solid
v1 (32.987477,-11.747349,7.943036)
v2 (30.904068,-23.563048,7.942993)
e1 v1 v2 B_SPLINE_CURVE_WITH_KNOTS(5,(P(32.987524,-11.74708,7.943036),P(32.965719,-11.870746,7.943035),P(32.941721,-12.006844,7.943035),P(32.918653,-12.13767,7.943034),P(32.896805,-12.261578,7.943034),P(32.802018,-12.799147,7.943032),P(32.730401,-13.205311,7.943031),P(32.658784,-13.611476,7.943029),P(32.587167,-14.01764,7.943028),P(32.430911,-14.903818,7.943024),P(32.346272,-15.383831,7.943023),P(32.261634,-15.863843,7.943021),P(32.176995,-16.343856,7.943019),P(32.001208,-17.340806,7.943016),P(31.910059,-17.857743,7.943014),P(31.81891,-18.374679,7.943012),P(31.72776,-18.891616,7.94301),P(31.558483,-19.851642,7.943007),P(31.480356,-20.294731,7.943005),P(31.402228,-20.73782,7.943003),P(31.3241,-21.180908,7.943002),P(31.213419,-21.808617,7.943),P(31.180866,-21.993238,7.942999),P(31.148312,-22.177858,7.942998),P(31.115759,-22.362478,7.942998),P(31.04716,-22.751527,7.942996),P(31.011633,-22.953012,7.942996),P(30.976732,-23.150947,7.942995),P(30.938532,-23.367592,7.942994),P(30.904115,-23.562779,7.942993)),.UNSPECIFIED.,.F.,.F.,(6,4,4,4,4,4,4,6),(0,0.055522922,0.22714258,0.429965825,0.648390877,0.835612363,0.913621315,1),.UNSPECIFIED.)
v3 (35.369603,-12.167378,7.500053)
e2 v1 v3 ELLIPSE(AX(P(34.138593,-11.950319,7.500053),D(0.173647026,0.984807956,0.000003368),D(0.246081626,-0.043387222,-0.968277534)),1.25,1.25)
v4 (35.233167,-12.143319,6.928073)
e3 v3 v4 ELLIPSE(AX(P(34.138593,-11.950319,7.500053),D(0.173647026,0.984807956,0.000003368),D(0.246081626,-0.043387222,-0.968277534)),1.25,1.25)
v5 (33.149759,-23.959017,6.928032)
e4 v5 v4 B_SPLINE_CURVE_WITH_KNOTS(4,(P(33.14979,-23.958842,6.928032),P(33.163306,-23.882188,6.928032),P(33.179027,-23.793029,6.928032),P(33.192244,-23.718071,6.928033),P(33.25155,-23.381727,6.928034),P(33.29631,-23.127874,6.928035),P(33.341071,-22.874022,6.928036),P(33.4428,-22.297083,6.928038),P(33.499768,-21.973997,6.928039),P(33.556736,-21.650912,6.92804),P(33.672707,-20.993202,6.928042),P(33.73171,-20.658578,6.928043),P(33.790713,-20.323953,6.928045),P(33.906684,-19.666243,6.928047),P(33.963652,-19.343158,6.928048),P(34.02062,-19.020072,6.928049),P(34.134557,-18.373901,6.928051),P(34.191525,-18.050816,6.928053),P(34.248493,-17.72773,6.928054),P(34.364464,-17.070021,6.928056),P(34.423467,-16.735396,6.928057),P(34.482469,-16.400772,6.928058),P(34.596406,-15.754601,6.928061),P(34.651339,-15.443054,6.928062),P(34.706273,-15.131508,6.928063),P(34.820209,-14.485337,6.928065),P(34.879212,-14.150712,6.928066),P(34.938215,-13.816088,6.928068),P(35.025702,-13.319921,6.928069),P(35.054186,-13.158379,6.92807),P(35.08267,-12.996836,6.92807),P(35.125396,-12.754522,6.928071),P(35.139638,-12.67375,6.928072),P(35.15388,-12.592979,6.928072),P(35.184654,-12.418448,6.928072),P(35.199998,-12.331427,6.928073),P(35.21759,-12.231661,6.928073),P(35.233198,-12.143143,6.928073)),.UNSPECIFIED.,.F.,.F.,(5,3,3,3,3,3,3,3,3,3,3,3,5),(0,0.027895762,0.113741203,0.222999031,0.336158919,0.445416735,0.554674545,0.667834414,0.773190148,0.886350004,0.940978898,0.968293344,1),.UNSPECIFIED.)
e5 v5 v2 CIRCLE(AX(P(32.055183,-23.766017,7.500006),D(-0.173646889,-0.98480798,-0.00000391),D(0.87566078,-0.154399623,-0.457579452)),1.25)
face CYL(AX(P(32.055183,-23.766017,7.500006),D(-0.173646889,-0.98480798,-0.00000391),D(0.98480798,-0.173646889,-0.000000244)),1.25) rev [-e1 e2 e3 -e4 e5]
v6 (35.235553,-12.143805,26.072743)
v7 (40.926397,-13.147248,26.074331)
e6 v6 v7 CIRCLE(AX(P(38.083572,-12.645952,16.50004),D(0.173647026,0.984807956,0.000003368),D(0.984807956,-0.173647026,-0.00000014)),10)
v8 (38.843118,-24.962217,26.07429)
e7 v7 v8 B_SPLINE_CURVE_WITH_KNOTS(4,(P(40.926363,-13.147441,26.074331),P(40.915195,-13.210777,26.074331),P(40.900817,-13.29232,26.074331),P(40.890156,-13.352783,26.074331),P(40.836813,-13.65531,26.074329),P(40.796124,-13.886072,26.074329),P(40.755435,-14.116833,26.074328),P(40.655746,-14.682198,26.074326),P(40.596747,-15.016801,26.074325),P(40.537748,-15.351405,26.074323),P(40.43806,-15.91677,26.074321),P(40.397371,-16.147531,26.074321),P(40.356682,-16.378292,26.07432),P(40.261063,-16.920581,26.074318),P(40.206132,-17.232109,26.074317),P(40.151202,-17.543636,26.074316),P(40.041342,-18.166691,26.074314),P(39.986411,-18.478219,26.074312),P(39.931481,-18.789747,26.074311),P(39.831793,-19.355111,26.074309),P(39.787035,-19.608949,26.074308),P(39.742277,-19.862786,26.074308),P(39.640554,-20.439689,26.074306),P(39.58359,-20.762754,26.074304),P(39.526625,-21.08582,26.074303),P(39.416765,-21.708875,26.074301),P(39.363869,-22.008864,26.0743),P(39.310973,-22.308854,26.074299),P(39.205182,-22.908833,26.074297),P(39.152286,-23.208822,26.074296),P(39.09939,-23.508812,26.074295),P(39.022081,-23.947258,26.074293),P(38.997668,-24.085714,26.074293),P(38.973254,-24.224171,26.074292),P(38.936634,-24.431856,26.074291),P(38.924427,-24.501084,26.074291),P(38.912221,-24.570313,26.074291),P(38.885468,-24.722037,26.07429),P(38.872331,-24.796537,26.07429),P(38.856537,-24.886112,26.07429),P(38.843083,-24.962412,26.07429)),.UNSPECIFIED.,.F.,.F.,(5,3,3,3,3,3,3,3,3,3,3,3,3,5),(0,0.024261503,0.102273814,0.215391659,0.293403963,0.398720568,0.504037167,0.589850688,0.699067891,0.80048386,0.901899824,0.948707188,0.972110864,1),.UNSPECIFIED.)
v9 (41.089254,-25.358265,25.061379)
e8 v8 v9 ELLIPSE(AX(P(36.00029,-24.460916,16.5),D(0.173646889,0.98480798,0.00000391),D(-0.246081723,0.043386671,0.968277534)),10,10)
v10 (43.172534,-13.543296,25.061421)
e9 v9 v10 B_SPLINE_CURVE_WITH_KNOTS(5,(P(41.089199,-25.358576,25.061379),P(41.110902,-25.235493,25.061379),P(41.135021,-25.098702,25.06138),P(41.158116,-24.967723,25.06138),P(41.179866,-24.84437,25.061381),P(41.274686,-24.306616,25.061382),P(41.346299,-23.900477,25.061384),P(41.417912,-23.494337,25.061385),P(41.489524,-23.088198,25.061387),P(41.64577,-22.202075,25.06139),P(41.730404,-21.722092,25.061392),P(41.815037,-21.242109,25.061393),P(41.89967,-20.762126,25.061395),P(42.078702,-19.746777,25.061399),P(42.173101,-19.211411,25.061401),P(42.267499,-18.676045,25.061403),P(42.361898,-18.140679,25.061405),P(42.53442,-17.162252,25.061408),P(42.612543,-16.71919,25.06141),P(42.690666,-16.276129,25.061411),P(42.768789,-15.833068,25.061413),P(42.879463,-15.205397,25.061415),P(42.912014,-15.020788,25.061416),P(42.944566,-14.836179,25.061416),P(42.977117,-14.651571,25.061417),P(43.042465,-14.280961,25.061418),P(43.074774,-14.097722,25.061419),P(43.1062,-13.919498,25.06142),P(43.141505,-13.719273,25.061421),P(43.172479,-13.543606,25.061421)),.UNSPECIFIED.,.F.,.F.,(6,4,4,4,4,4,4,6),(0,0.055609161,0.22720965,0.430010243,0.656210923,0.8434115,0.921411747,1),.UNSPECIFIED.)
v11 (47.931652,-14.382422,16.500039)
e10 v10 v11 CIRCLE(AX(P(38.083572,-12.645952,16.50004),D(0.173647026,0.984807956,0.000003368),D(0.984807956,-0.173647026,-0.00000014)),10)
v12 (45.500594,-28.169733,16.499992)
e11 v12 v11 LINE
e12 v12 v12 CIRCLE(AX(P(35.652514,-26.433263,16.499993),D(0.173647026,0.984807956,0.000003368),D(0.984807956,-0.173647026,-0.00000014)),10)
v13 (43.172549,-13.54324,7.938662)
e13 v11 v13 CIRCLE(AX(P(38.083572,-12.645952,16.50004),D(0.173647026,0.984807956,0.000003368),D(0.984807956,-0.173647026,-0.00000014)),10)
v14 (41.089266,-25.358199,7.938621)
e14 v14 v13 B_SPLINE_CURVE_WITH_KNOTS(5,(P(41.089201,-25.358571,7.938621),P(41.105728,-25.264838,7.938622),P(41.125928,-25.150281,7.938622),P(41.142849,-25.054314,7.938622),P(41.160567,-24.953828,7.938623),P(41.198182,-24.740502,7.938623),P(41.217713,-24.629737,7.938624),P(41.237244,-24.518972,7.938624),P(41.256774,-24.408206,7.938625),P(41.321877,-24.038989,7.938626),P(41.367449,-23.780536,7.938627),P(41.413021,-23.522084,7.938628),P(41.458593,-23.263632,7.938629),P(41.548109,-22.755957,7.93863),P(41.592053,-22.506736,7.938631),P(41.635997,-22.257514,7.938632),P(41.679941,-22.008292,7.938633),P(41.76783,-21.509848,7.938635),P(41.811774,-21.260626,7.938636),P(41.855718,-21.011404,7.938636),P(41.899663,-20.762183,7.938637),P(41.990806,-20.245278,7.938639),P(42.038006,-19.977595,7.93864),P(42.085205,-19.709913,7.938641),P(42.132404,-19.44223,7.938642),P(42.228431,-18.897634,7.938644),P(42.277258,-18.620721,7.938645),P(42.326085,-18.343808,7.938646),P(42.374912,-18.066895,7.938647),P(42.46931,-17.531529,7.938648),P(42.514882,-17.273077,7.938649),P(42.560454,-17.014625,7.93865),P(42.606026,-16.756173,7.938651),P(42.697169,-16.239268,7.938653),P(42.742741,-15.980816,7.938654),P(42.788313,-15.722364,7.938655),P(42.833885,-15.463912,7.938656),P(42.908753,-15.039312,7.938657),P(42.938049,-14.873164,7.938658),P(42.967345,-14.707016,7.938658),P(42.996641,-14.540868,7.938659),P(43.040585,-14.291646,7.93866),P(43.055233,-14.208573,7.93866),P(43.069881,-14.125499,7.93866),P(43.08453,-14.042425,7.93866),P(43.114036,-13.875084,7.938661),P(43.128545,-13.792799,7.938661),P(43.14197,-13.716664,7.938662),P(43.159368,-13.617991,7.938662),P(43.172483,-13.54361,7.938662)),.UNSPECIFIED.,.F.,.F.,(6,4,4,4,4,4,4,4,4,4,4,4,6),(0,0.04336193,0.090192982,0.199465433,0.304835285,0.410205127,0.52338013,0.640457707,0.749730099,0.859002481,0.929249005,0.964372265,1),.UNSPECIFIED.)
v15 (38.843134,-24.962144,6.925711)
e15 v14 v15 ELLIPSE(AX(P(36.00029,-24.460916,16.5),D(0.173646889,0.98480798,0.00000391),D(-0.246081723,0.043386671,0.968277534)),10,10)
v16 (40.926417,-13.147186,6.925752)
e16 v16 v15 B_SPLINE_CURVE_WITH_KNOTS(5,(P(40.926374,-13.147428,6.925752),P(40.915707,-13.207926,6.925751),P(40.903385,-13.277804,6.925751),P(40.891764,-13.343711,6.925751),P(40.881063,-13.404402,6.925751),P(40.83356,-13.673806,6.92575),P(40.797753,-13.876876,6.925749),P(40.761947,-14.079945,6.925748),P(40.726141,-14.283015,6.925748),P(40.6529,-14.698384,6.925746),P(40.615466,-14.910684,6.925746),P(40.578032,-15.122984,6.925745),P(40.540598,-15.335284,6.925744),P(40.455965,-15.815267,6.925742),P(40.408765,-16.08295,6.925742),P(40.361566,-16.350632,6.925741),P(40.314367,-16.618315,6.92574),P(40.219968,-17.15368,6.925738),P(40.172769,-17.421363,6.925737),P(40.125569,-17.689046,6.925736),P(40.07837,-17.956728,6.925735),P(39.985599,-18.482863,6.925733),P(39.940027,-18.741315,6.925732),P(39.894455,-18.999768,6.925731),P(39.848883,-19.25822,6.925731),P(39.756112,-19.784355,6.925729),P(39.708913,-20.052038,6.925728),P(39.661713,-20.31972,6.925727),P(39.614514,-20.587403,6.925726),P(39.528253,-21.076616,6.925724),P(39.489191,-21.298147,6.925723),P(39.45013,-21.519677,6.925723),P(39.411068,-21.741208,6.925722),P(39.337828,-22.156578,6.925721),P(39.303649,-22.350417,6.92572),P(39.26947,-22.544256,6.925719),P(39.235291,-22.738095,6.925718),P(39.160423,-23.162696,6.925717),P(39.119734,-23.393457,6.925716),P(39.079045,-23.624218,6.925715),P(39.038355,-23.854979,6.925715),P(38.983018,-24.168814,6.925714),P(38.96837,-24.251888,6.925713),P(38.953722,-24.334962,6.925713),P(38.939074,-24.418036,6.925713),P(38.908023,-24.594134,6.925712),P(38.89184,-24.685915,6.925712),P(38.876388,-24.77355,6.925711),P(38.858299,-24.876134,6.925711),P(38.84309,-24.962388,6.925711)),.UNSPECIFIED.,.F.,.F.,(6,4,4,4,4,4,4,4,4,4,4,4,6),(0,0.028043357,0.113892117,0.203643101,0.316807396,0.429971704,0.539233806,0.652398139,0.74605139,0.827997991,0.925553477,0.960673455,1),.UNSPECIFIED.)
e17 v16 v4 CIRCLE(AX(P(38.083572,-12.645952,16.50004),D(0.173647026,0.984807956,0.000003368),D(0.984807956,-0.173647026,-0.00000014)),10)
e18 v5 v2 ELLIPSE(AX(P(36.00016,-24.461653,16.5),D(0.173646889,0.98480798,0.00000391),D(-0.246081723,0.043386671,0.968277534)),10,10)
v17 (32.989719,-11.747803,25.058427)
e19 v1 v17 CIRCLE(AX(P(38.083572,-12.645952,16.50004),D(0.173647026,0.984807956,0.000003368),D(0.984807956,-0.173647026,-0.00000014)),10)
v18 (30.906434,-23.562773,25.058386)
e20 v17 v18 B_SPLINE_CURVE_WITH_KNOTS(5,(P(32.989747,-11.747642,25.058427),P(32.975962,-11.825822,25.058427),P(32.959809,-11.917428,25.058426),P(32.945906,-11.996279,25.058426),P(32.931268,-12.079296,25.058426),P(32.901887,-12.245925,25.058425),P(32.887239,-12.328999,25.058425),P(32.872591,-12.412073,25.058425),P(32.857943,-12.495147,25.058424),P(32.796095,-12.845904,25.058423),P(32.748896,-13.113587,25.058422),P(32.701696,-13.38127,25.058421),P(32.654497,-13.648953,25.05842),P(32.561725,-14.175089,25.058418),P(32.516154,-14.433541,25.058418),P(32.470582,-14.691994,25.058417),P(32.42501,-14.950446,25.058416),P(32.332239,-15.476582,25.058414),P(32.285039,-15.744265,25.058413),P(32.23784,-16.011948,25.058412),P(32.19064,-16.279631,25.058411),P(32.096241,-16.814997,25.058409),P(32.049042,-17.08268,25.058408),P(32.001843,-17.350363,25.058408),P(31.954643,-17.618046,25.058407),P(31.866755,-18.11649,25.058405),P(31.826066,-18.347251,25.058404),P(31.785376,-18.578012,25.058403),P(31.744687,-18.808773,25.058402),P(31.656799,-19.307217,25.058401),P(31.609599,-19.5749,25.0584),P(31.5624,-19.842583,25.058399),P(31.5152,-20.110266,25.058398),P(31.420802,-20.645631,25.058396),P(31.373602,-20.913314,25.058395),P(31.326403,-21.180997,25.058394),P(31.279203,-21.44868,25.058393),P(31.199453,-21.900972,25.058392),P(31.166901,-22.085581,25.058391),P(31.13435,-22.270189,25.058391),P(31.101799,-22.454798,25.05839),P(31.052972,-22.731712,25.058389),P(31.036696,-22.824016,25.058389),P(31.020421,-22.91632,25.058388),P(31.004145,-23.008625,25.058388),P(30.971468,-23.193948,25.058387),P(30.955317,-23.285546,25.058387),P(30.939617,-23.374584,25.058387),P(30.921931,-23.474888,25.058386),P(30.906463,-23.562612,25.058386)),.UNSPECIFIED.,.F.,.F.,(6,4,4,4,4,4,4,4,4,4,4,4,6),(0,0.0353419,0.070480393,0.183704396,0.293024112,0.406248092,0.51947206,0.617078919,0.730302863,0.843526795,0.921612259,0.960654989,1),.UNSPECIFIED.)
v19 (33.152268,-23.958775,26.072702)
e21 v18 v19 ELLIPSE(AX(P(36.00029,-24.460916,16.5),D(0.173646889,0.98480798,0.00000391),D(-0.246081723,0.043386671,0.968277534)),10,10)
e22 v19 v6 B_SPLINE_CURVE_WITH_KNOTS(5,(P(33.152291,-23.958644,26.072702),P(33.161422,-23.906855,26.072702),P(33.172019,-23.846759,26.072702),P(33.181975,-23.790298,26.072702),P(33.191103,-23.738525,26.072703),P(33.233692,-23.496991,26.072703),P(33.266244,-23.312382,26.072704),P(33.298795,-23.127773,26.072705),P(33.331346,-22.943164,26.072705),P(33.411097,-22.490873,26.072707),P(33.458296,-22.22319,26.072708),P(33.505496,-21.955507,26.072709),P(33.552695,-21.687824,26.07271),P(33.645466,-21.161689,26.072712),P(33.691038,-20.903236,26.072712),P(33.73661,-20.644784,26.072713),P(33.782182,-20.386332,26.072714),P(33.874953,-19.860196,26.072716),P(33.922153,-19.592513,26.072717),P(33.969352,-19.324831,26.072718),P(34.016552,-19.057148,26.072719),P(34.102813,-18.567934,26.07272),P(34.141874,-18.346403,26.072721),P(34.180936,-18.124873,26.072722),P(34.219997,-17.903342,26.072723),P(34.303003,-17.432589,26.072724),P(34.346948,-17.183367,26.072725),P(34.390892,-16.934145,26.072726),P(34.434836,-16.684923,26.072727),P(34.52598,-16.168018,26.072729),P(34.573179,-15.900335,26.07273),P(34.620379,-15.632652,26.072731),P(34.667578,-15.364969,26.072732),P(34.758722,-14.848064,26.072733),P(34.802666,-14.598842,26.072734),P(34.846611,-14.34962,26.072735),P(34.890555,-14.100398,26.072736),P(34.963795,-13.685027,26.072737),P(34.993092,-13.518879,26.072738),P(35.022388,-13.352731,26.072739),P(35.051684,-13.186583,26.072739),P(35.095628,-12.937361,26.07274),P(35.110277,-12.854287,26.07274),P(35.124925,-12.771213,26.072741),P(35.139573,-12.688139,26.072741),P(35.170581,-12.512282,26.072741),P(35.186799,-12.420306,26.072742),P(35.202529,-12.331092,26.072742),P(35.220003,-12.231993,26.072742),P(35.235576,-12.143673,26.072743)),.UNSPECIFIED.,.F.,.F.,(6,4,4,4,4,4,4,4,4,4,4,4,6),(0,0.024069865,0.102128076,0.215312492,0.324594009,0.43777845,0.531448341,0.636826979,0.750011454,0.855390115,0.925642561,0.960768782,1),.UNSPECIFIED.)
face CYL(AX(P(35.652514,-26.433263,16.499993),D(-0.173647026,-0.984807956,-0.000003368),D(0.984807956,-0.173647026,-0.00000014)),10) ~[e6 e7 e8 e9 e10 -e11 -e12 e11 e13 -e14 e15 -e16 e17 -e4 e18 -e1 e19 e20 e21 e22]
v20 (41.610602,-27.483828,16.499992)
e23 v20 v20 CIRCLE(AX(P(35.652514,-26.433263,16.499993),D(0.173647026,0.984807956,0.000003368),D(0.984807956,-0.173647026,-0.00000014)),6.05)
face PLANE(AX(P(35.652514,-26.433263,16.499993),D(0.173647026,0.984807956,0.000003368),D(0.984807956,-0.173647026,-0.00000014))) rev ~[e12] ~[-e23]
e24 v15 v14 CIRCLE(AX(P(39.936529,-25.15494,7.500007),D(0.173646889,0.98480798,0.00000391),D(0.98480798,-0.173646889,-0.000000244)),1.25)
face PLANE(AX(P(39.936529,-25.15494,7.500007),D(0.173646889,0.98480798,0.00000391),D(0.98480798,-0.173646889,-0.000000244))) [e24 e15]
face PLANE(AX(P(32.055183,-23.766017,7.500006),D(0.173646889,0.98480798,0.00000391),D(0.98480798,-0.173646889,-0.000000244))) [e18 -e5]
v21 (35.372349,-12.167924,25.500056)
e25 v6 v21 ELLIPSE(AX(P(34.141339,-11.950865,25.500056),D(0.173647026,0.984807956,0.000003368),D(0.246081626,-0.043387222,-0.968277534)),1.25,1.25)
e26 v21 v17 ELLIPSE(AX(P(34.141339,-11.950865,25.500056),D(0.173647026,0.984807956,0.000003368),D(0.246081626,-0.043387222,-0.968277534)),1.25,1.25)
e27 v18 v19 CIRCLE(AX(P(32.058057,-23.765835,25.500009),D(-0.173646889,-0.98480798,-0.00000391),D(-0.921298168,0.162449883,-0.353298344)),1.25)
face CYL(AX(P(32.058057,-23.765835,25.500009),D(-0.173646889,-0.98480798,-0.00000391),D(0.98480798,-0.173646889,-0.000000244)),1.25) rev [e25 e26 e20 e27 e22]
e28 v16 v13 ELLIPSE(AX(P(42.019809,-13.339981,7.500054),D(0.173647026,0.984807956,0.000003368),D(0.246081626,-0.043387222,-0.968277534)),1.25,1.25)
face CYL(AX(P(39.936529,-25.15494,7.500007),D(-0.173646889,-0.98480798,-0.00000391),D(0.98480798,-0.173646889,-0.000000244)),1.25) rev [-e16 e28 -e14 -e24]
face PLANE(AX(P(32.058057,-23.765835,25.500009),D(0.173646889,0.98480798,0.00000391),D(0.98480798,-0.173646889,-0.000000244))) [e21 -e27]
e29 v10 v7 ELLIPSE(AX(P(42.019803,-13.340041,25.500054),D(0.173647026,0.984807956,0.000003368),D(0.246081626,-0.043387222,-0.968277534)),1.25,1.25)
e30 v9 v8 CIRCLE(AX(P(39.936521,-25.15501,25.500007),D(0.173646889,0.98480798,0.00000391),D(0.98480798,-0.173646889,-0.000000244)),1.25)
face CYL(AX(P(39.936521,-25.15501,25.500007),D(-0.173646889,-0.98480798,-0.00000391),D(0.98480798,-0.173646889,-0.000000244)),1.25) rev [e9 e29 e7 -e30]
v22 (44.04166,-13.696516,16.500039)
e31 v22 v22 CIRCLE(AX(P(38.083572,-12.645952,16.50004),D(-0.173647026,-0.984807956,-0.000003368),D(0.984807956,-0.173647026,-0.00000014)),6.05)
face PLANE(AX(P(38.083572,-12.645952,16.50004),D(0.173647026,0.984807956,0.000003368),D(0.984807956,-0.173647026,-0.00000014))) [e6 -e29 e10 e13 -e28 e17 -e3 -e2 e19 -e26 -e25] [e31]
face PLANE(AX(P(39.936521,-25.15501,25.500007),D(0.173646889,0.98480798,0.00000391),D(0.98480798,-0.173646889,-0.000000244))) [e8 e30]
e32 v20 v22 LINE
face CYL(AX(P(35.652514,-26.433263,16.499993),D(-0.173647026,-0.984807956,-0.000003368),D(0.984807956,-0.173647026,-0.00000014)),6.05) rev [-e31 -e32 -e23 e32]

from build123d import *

# Parameters (mm, degrees)
CYLINDER034_R               = 1.25
CYLINDER034_DEPTH           = 14
CYLINDER034_ROLL_ANGLE      = -89.999776
CYLINDER034_PITCH_ANGLE     = 1.4e-05
CYLINDER034_PLACEMENT_ANGLE = -9.999925
CYLINDER033_R               = 1.25
CYLINDER033_DEPTH           = 14
CYLINDER033_ROLL_ANGLE      = -89.999776
CYLINDER033_PITCH_ANGLE     = 1.4e-05
CYLINDER033_PLACEMENT_ANGLE = -9.999925
CYLINDER032_R               = 1.25
CYLINDER032_DEPTH           = 14
CYLINDER032_ROLL_ANGLE      = -89.999776
CYLINDER032_PITCH_ANGLE     = 1.4e-05
CYLINDER032_PLACEMENT_ANGLE = -9.999925
CYLINDER031_R               = 1.25
CYLINDER031_DEPTH           = 14
CYLINDER031_ROLL_ANGLE      = -89.999776
CYLINDER031_PITCH_ANGLE     = 1.4e-05
CYLINDER031_PLACEMENT_ANGLE = -9.999925
CYLINDER025_R               = 6.05
CYLINDER025_DEPTH           = 18
CYLINDER025_ROLL_ANGLE      = -89.999807
CYLINDER025_PITCH_ANGLE     = 8e-06
CYLINDER025_PLACEMENT_ANGLE = -9.999933
CYLINDER024_R               = 4.75
CYLINDER024_DEPTH           = 9
CYLINDER024_ROLL_ANGLE      = -89.999776
CYLINDER024_PITCH_ANGLE     = 1.4e-05
CYLINDER024_PLACEMENT_ANGLE = -9.999925
CYLINDER023_R               = 10
CYLINDER023_DEPTH           = 14
CYLINDER023_ROLL_ANGLE      = -89.999807
CYLINDER023_PITCH_ANGLE     = 8e-06
CYLINDER023_PLACEMENT_ANGLE = -9.999933


with BuildPart() as cylinder034:
    # Cylinder034 → Cylinder034 (new body)
    with BuildSketch(Plane.XY):
        Circle(CYLINDER034_R)
    extrude(amount=CYLINDER034_DEPTH)


with BuildPart() as cylinder034_1:
    # Cylinder034 roll: moved
    add(cylinder034.part.rotate(Axis((0, 0, 0), (1, 0, 0)), CYLINDER034_ROLL_ANGLE))


with BuildPart() as cylinder034_2:
    # Cylinder034 pitch: moved
    add(cylinder034_1.part.rotate(Axis((0, 0, 0), (0, 1, 0)), CYLINDER034_PITCH_ANGLE))


with BuildPart() as cylinder034_3:
    # Cylinder034 placement: moved
    add(cylinder034_2.part.moved(Location((39.936529, -25.15494, 7.500007))).rotate(Axis((39.936529, -25.15494, 7.500007), (0, 0, 1)), CYLINDER034_PLACEMENT_ANGLE))


with BuildPart() as cylinder033:
    # Cylinder033 → Cylinder033 (new body)
    with BuildSketch(Plane.XY):
        Circle(CYLINDER033_R)
    extrude(amount=CYLINDER033_DEPTH)


with BuildPart() as cylinder033_1:
    # Cylinder033 roll: moved
    add(cylinder033.part.rotate(Axis((0, 0, 0), (1, 0, 0)), CYLINDER033_ROLL_ANGLE))


with BuildPart() as cylinder033_2:
    # Cylinder033 pitch: moved
    add(cylinder033_1.part.rotate(Axis((0, 0, 0), (0, 1, 0)), CYLINDER033_PITCH_ANGLE))


with BuildPart() as cylinder033_3:
    # Cylinder033 placement: moved
    add(cylinder033_2.part.moved(Location((39.936521, -25.15501, 25.500007))).rotate(Axis((39.936521, -25.15501, 25.500007), (0, 0, 1)), CYLINDER033_PLACEMENT_ANGLE))


with BuildPart() as cylinder032:
    # Cylinder032 → Cylinder032 (new body)
    with BuildSketch(Plane.XY):
        Circle(CYLINDER032_R)
    extrude(amount=CYLINDER032_DEPTH)


with BuildPart() as cylinder032_1:
    # Cylinder032 roll: moved
    add(cylinder032.part.rotate(Axis((0, 0, 0), (1, 0, 0)), CYLINDER032_ROLL_ANGLE))


with BuildPart() as cylinder032_2:
    # Cylinder032 pitch: moved
    add(cylinder032_1.part.rotate(Axis((0, 0, 0), (0, 1, 0)), CYLINDER032_PITCH_ANGLE))


with BuildPart() as cylinder032_3:
    # Cylinder032 placement: moved
    add(cylinder032_2.part.moved(Location((32.058057, -23.765835, 25.500009))).rotate(Axis((32.058057, -23.765835, 25.500009), (0, 0, 1)), CYLINDER032_PLACEMENT_ANGLE))


with BuildPart() as cylinder031:
    # Cylinder031 → Cylinder031 (new body)
    with BuildSketch(Plane.XY):
        Circle(CYLINDER031_R)
    extrude(amount=CYLINDER031_DEPTH)


with BuildPart() as cylinder031_1:
    # Cylinder031 roll: moved
    add(cylinder031.part.rotate(Axis((0, 0, 0), (1, 0, 0)), CYLINDER031_ROLL_ANGLE))


with BuildPart() as cylinder031_2:
    # Cylinder031 pitch: moved
    add(cylinder031_1.part.rotate(Axis((0, 0, 0), (0, 1, 0)), CYLINDER031_PITCH_ANGLE))


with BuildPart() as cylinder031_3:
    # Cylinder031 placement: moved
    add(cylinder031_2.part.moved(Location((32.055183, -23.766017, 7.500006))).rotate(Axis((32.055183, -23.766017, 7.500006), (0, 0, 1)), CYLINDER031_PLACEMENT_ANGLE))


with BuildPart() as bohrung_lager:
    # Cylinder025 → Cylinder025 (new body)
    with BuildSketch(Plane.XY):
        Circle(CYLINDER025_R)
    extrude(amount=CYLINDER025_DEPTH)


with BuildPart() as bohrung_lager_1:
    # Cylinder025 roll: moved
    add(bohrung_lager.part.rotate(Axis((0, 0, 0), (1, 0, 0)), CYLINDER025_ROLL_ANGLE))


with BuildPart() as bohrung_lager_2:
    # Cylinder025 pitch: moved
    add(bohrung_lager_1.part.rotate(Axis((0, 0, 0), (0, 1, 0)), CYLINDER025_PITCH_ANGLE))


with BuildPart() as bohrung_lager_3:
    # Cylinder025 placement: moved
    add(bohrung_lager_2.part.moved(Location((35.652514, -26.433263, 16.499993))).rotate(Axis((35.652514, -26.433263, 16.499993), (0, 0, 1)), CYLINDER025_PLACEMENT_ANGLE))


with BuildPart() as cylinder024:
    # Cylinder024 → Cylinder024 (new body)
    with BuildSketch(Plane.XY):
        Circle(CYLINDER024_R)
    extrude(amount=CYLINDER024_DEPTH)


with BuildPart() as cylinder024_1:
    # Cylinder024 roll: moved
    add(cylinder024.part.rotate(Axis((0, 0, 0), (1, 0, 0)), CYLINDER024_ROLL_ANGLE))


with BuildPart() as cylinder024_2:
    # Cylinder024 pitch: moved
    add(cylinder024_1.part.rotate(Axis((0, 0, 0), (0, 1, 0)), CYLINDER024_PITCH_ANGLE))


with BuildPart() as cylinder024_3:
    # Cylinder024 placement: moved
    add(cylinder024_2.part.moved(Location((33.913531, -36.27808, 15.499961))).rotate(Axis((33.913531, -36.27808, 15.499961), (0, 0, 1)), CYLINDER024_PLACEMENT_ANGLE))


with BuildPart() as cut031:
    # Cylinder023 → Cylinder023 (new body)
    with BuildSketch(Plane.XY):
        Circle(CYLINDER023_R)
    extrude(amount=CYLINDER023_DEPTH)


with BuildPart() as cut031_1:
    # Cylinder023 roll: moved
    add(cut031.part.rotate(Axis((0, 0, 0), (1, 0, 0)), CYLINDER023_ROLL_ANGLE))


with BuildPart() as cut031_2:
    # Cylinder023 pitch: moved
    add(cut031_1.part.rotate(Axis((0, 0, 0), (0, 1, 0)), CYLINDER023_PITCH_ANGLE))


with BuildPart() as cut031_3:
    # Cylinder023 placement: moved
    add(cut031_2.part.moved(Location((35.652514, -26.433263, 16.499993))).rotate(Axis((35.652514, -26.433263, 16.499993), (0, 0, 1)), CYLINDER023_PLACEMENT_ANGLE))

    # Cut022: cut Cylinder024
    add(cylinder024_3.part, mode=Mode.SUBTRACT)

    # Cut023: cut bohrung_lager
    add(bohrung_lager_3.part, mode=Mode.SUBTRACT)

    # Cut028: cut Cylinder031
    add(cylinder031_3.part, mode=Mode.SUBTRACT)

    # Cut029: cut Cylinder032
    add(cylinder032_3.part, mode=Mode.SUBTRACT)

    # Cut030: cut Cylinder033
    add(cylinder033_3.part, mode=Mode.SUBTRACT)

    # Cut031: cut Cylinder034
    add(cylinder034_3.part, mode=Mode.SUBTRACT)


solid = cut031_3.part
